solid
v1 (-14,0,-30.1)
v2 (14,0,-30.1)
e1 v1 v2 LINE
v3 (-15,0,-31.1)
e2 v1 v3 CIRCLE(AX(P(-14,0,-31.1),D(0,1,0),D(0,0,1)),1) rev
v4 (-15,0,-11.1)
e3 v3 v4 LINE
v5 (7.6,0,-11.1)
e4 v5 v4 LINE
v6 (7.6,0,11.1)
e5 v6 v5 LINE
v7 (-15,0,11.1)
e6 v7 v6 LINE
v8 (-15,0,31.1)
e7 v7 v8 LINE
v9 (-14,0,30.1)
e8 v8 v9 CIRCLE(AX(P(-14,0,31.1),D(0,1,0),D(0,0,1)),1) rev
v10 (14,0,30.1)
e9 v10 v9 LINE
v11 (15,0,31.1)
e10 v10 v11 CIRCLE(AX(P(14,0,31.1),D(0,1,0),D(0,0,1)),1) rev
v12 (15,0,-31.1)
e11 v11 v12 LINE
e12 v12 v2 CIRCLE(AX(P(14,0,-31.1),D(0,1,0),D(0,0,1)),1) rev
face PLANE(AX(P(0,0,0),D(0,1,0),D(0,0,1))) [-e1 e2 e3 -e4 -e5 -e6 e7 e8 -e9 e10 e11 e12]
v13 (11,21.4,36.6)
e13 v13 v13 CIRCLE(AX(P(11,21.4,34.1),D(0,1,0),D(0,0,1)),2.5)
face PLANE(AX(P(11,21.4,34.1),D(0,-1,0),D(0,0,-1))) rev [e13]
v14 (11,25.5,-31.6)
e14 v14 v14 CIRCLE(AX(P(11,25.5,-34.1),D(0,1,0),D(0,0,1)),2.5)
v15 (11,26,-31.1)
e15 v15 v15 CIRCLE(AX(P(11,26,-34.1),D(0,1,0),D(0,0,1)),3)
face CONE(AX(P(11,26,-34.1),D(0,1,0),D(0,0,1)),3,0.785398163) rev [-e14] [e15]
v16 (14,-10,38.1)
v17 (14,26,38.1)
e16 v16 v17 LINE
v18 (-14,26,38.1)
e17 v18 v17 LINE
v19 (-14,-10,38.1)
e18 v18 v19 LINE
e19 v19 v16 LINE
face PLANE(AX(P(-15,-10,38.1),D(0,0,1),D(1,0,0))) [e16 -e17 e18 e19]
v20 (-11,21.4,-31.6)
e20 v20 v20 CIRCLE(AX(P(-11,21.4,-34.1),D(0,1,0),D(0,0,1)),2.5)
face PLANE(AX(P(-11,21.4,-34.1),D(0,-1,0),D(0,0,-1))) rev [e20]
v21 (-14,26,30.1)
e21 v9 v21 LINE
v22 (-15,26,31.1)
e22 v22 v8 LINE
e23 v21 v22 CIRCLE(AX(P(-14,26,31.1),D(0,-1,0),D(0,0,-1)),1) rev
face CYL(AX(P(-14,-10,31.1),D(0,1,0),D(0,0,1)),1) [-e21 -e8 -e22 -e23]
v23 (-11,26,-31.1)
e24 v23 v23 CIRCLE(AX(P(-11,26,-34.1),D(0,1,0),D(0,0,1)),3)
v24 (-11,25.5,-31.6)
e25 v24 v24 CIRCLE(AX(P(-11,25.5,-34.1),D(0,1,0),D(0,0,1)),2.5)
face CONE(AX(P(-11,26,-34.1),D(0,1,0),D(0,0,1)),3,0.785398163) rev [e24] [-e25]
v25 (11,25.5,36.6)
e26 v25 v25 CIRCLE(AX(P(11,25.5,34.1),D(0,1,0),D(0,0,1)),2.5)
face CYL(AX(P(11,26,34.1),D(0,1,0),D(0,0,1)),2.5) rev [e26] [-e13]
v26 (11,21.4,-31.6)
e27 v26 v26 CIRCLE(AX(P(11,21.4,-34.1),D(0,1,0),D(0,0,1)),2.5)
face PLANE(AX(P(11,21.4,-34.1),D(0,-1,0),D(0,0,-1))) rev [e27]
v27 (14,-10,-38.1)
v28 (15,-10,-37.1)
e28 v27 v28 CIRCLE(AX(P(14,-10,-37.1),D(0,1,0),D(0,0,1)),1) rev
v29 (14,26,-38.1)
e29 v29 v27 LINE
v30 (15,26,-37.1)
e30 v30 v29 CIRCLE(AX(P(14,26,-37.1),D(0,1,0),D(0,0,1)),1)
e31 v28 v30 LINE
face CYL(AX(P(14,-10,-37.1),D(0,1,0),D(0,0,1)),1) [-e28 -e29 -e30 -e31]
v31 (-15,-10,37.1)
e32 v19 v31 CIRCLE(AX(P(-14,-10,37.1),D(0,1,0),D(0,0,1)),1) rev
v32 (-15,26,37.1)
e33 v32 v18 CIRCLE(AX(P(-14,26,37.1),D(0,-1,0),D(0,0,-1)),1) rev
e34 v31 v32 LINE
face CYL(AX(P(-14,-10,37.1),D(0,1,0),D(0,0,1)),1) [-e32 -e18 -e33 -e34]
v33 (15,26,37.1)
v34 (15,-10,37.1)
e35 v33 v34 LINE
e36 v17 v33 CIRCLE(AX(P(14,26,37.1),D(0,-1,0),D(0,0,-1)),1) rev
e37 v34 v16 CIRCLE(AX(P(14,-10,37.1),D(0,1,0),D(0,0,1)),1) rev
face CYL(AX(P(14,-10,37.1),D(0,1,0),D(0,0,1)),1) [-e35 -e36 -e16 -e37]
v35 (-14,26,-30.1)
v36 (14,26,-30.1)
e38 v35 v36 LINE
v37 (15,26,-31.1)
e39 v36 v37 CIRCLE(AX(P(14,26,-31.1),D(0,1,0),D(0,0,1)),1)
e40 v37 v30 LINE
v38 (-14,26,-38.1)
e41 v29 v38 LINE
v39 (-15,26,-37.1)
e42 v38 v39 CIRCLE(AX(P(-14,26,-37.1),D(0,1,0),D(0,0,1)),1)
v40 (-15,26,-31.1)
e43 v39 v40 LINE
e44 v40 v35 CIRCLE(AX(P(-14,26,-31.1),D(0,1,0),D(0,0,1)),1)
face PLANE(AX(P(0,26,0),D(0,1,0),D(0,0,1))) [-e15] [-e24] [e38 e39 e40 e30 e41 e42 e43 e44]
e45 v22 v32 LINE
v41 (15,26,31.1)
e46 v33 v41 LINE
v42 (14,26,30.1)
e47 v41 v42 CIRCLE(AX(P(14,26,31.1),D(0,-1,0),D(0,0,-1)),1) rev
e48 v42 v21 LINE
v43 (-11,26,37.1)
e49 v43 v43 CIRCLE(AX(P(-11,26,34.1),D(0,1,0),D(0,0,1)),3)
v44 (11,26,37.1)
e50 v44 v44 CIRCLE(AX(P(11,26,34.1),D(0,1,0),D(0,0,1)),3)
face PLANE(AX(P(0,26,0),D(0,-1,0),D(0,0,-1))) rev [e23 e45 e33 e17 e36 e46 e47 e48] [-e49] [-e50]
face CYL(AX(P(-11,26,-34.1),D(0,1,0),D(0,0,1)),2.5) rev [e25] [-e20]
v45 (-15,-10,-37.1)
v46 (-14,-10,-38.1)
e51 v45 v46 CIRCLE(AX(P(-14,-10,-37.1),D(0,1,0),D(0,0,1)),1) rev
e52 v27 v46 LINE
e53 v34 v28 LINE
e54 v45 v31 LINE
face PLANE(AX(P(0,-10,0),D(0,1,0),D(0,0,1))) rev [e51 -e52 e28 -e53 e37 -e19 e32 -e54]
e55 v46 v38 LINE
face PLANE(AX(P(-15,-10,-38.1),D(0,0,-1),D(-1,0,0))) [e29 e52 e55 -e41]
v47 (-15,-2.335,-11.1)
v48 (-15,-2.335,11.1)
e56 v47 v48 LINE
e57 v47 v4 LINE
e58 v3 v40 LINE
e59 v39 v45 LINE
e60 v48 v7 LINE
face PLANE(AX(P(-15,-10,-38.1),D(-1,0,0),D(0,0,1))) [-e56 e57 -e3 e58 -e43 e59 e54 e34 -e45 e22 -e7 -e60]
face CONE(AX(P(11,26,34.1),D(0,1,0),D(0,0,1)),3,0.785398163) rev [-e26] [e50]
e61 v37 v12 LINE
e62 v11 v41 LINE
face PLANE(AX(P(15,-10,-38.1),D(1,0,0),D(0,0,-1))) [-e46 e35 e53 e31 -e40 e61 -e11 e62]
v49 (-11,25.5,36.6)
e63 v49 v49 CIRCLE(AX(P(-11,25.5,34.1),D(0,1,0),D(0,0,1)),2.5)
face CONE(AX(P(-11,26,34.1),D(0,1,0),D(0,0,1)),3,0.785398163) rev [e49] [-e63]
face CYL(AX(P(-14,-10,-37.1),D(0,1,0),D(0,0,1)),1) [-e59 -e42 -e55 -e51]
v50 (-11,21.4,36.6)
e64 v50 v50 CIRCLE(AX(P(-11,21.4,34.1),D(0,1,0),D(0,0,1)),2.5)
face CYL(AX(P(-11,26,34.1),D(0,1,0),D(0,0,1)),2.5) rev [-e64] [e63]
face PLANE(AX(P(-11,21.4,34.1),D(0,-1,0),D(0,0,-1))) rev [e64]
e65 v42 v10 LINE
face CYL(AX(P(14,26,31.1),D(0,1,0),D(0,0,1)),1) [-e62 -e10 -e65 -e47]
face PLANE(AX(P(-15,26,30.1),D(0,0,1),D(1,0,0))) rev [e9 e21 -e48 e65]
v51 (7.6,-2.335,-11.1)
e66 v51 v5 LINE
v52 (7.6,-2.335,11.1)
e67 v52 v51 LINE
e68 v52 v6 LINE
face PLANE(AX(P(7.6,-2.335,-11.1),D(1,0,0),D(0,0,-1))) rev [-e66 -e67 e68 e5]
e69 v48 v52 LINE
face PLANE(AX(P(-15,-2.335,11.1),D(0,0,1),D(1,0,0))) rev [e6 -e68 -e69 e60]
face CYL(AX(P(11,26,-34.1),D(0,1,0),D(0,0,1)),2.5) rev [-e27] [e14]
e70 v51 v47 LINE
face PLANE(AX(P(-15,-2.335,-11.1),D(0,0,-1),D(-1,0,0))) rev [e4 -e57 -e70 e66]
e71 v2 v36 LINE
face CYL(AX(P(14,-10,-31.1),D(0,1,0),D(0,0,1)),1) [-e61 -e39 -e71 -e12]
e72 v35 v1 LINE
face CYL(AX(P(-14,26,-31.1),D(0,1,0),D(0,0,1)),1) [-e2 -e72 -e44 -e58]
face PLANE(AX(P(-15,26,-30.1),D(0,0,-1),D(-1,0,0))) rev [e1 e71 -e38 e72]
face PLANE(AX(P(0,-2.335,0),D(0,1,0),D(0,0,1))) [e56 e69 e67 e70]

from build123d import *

# Parameters (mm, degrees)
SKETCH1_W                       = 30
SKETCH1_H                       = 76.2
BOSS_EXTRUDE1_DEPTH             = 10
SKETCH2_W                       = 22.6
SKETCH2_H                       = 22.2
CUT_EXTRUDE2_DEPTH              = 2.335
SKETCH3_W                       = 30
SKETCH3_H                       = 8
BOSS_EXTRUDE2_DEPTH             = 26
F_5_0MM_DOWEL_HOLE1_D           = 5
F_5_0MM_DOWEL_HOLE1_DEPTH       = 4.6
F_5_0MM_DOWEL_HOLE1_CSINK_D     = 6
F_5_0MM_DOWEL_HOLE1_CSINK_ANGLE = 90
FILLET1_R                       = 1


with BuildPart() as part:
    # Sketch1 → Boss-Extrude1 (new body)
    with BuildSketch(Plane(origin=(0, 0, 0), x_dir=(1, 0, 0), z_dir=(0, 1, 0))):
        Rectangle(SKETCH1_W, SKETCH1_H)
    extrude(amount=-BOSS_EXTRUDE1_DEPTH)

    # Sketch2 → Cut-Extrude2 (cut)
    with BuildSketch(Plane(origin=(0, 0, 0), x_dir=(1, 0, 0), z_dir=(0, 1, 0))):
        with Locations((-3.7, 0)):
            Rectangle(SKETCH2_W, SKETCH2_H)
    extrude(amount=-CUT_EXTRUDE2_DEPTH, mode=Mode.SUBTRACT)

    # Sketch3 → Boss-Extrude2 (add)
    with BuildSketch(Plane(origin=(0, 0, 0), x_dir=(1, 0, 0), z_dir=(0, 1, 0))):
        with Locations((0, 34.1)):
            Rectangle(SKETCH3_W, SKETCH3_H)
        with Locations((0, -34.1)):
            Rectangle(SKETCH3_W, SKETCH3_H)
    extrude(amount=BOSS_EXTRUDE2_DEPTH)

    # Ø5.0mm Dowel Hole1
    with Locations(Plane(origin=(0, 26, 0), x_dir=(1, 0, 0), z_dir=(0, 1, 0))):
        with Locations((-11, 34.1), (11, 34.1), (11, -34.1), (-11, -34.1)):
            CounterSinkHole(F_5_0MM_DOWEL_HOLE1_D / 2, F_5_0MM_DOWEL_HOLE1_CSINK_D / 2, depth=F_5_0MM_DOWEL_HOLE1_DEPTH, counter_sink_angle=F_5_0MM_DOWEL_HOLE1_CSINK_ANGLE)

    # Fillet1
    fillet1_edges = [part.edges().sort_by_distance(p)[0] for p in [
        (-15, 13, -30.1),
        (15, 13, -30.1),
        (-15, 13, 30.1),
        (15, 13, 30.1),
        (-15, 8, -38.1),
        (15, 8, -38.1),
        (15, 8, 38.1),
        (-15, 8, 38.1),
    ]]
    fillet(fillet1_edges, radius=FILLET1_R)


solid = part.part
